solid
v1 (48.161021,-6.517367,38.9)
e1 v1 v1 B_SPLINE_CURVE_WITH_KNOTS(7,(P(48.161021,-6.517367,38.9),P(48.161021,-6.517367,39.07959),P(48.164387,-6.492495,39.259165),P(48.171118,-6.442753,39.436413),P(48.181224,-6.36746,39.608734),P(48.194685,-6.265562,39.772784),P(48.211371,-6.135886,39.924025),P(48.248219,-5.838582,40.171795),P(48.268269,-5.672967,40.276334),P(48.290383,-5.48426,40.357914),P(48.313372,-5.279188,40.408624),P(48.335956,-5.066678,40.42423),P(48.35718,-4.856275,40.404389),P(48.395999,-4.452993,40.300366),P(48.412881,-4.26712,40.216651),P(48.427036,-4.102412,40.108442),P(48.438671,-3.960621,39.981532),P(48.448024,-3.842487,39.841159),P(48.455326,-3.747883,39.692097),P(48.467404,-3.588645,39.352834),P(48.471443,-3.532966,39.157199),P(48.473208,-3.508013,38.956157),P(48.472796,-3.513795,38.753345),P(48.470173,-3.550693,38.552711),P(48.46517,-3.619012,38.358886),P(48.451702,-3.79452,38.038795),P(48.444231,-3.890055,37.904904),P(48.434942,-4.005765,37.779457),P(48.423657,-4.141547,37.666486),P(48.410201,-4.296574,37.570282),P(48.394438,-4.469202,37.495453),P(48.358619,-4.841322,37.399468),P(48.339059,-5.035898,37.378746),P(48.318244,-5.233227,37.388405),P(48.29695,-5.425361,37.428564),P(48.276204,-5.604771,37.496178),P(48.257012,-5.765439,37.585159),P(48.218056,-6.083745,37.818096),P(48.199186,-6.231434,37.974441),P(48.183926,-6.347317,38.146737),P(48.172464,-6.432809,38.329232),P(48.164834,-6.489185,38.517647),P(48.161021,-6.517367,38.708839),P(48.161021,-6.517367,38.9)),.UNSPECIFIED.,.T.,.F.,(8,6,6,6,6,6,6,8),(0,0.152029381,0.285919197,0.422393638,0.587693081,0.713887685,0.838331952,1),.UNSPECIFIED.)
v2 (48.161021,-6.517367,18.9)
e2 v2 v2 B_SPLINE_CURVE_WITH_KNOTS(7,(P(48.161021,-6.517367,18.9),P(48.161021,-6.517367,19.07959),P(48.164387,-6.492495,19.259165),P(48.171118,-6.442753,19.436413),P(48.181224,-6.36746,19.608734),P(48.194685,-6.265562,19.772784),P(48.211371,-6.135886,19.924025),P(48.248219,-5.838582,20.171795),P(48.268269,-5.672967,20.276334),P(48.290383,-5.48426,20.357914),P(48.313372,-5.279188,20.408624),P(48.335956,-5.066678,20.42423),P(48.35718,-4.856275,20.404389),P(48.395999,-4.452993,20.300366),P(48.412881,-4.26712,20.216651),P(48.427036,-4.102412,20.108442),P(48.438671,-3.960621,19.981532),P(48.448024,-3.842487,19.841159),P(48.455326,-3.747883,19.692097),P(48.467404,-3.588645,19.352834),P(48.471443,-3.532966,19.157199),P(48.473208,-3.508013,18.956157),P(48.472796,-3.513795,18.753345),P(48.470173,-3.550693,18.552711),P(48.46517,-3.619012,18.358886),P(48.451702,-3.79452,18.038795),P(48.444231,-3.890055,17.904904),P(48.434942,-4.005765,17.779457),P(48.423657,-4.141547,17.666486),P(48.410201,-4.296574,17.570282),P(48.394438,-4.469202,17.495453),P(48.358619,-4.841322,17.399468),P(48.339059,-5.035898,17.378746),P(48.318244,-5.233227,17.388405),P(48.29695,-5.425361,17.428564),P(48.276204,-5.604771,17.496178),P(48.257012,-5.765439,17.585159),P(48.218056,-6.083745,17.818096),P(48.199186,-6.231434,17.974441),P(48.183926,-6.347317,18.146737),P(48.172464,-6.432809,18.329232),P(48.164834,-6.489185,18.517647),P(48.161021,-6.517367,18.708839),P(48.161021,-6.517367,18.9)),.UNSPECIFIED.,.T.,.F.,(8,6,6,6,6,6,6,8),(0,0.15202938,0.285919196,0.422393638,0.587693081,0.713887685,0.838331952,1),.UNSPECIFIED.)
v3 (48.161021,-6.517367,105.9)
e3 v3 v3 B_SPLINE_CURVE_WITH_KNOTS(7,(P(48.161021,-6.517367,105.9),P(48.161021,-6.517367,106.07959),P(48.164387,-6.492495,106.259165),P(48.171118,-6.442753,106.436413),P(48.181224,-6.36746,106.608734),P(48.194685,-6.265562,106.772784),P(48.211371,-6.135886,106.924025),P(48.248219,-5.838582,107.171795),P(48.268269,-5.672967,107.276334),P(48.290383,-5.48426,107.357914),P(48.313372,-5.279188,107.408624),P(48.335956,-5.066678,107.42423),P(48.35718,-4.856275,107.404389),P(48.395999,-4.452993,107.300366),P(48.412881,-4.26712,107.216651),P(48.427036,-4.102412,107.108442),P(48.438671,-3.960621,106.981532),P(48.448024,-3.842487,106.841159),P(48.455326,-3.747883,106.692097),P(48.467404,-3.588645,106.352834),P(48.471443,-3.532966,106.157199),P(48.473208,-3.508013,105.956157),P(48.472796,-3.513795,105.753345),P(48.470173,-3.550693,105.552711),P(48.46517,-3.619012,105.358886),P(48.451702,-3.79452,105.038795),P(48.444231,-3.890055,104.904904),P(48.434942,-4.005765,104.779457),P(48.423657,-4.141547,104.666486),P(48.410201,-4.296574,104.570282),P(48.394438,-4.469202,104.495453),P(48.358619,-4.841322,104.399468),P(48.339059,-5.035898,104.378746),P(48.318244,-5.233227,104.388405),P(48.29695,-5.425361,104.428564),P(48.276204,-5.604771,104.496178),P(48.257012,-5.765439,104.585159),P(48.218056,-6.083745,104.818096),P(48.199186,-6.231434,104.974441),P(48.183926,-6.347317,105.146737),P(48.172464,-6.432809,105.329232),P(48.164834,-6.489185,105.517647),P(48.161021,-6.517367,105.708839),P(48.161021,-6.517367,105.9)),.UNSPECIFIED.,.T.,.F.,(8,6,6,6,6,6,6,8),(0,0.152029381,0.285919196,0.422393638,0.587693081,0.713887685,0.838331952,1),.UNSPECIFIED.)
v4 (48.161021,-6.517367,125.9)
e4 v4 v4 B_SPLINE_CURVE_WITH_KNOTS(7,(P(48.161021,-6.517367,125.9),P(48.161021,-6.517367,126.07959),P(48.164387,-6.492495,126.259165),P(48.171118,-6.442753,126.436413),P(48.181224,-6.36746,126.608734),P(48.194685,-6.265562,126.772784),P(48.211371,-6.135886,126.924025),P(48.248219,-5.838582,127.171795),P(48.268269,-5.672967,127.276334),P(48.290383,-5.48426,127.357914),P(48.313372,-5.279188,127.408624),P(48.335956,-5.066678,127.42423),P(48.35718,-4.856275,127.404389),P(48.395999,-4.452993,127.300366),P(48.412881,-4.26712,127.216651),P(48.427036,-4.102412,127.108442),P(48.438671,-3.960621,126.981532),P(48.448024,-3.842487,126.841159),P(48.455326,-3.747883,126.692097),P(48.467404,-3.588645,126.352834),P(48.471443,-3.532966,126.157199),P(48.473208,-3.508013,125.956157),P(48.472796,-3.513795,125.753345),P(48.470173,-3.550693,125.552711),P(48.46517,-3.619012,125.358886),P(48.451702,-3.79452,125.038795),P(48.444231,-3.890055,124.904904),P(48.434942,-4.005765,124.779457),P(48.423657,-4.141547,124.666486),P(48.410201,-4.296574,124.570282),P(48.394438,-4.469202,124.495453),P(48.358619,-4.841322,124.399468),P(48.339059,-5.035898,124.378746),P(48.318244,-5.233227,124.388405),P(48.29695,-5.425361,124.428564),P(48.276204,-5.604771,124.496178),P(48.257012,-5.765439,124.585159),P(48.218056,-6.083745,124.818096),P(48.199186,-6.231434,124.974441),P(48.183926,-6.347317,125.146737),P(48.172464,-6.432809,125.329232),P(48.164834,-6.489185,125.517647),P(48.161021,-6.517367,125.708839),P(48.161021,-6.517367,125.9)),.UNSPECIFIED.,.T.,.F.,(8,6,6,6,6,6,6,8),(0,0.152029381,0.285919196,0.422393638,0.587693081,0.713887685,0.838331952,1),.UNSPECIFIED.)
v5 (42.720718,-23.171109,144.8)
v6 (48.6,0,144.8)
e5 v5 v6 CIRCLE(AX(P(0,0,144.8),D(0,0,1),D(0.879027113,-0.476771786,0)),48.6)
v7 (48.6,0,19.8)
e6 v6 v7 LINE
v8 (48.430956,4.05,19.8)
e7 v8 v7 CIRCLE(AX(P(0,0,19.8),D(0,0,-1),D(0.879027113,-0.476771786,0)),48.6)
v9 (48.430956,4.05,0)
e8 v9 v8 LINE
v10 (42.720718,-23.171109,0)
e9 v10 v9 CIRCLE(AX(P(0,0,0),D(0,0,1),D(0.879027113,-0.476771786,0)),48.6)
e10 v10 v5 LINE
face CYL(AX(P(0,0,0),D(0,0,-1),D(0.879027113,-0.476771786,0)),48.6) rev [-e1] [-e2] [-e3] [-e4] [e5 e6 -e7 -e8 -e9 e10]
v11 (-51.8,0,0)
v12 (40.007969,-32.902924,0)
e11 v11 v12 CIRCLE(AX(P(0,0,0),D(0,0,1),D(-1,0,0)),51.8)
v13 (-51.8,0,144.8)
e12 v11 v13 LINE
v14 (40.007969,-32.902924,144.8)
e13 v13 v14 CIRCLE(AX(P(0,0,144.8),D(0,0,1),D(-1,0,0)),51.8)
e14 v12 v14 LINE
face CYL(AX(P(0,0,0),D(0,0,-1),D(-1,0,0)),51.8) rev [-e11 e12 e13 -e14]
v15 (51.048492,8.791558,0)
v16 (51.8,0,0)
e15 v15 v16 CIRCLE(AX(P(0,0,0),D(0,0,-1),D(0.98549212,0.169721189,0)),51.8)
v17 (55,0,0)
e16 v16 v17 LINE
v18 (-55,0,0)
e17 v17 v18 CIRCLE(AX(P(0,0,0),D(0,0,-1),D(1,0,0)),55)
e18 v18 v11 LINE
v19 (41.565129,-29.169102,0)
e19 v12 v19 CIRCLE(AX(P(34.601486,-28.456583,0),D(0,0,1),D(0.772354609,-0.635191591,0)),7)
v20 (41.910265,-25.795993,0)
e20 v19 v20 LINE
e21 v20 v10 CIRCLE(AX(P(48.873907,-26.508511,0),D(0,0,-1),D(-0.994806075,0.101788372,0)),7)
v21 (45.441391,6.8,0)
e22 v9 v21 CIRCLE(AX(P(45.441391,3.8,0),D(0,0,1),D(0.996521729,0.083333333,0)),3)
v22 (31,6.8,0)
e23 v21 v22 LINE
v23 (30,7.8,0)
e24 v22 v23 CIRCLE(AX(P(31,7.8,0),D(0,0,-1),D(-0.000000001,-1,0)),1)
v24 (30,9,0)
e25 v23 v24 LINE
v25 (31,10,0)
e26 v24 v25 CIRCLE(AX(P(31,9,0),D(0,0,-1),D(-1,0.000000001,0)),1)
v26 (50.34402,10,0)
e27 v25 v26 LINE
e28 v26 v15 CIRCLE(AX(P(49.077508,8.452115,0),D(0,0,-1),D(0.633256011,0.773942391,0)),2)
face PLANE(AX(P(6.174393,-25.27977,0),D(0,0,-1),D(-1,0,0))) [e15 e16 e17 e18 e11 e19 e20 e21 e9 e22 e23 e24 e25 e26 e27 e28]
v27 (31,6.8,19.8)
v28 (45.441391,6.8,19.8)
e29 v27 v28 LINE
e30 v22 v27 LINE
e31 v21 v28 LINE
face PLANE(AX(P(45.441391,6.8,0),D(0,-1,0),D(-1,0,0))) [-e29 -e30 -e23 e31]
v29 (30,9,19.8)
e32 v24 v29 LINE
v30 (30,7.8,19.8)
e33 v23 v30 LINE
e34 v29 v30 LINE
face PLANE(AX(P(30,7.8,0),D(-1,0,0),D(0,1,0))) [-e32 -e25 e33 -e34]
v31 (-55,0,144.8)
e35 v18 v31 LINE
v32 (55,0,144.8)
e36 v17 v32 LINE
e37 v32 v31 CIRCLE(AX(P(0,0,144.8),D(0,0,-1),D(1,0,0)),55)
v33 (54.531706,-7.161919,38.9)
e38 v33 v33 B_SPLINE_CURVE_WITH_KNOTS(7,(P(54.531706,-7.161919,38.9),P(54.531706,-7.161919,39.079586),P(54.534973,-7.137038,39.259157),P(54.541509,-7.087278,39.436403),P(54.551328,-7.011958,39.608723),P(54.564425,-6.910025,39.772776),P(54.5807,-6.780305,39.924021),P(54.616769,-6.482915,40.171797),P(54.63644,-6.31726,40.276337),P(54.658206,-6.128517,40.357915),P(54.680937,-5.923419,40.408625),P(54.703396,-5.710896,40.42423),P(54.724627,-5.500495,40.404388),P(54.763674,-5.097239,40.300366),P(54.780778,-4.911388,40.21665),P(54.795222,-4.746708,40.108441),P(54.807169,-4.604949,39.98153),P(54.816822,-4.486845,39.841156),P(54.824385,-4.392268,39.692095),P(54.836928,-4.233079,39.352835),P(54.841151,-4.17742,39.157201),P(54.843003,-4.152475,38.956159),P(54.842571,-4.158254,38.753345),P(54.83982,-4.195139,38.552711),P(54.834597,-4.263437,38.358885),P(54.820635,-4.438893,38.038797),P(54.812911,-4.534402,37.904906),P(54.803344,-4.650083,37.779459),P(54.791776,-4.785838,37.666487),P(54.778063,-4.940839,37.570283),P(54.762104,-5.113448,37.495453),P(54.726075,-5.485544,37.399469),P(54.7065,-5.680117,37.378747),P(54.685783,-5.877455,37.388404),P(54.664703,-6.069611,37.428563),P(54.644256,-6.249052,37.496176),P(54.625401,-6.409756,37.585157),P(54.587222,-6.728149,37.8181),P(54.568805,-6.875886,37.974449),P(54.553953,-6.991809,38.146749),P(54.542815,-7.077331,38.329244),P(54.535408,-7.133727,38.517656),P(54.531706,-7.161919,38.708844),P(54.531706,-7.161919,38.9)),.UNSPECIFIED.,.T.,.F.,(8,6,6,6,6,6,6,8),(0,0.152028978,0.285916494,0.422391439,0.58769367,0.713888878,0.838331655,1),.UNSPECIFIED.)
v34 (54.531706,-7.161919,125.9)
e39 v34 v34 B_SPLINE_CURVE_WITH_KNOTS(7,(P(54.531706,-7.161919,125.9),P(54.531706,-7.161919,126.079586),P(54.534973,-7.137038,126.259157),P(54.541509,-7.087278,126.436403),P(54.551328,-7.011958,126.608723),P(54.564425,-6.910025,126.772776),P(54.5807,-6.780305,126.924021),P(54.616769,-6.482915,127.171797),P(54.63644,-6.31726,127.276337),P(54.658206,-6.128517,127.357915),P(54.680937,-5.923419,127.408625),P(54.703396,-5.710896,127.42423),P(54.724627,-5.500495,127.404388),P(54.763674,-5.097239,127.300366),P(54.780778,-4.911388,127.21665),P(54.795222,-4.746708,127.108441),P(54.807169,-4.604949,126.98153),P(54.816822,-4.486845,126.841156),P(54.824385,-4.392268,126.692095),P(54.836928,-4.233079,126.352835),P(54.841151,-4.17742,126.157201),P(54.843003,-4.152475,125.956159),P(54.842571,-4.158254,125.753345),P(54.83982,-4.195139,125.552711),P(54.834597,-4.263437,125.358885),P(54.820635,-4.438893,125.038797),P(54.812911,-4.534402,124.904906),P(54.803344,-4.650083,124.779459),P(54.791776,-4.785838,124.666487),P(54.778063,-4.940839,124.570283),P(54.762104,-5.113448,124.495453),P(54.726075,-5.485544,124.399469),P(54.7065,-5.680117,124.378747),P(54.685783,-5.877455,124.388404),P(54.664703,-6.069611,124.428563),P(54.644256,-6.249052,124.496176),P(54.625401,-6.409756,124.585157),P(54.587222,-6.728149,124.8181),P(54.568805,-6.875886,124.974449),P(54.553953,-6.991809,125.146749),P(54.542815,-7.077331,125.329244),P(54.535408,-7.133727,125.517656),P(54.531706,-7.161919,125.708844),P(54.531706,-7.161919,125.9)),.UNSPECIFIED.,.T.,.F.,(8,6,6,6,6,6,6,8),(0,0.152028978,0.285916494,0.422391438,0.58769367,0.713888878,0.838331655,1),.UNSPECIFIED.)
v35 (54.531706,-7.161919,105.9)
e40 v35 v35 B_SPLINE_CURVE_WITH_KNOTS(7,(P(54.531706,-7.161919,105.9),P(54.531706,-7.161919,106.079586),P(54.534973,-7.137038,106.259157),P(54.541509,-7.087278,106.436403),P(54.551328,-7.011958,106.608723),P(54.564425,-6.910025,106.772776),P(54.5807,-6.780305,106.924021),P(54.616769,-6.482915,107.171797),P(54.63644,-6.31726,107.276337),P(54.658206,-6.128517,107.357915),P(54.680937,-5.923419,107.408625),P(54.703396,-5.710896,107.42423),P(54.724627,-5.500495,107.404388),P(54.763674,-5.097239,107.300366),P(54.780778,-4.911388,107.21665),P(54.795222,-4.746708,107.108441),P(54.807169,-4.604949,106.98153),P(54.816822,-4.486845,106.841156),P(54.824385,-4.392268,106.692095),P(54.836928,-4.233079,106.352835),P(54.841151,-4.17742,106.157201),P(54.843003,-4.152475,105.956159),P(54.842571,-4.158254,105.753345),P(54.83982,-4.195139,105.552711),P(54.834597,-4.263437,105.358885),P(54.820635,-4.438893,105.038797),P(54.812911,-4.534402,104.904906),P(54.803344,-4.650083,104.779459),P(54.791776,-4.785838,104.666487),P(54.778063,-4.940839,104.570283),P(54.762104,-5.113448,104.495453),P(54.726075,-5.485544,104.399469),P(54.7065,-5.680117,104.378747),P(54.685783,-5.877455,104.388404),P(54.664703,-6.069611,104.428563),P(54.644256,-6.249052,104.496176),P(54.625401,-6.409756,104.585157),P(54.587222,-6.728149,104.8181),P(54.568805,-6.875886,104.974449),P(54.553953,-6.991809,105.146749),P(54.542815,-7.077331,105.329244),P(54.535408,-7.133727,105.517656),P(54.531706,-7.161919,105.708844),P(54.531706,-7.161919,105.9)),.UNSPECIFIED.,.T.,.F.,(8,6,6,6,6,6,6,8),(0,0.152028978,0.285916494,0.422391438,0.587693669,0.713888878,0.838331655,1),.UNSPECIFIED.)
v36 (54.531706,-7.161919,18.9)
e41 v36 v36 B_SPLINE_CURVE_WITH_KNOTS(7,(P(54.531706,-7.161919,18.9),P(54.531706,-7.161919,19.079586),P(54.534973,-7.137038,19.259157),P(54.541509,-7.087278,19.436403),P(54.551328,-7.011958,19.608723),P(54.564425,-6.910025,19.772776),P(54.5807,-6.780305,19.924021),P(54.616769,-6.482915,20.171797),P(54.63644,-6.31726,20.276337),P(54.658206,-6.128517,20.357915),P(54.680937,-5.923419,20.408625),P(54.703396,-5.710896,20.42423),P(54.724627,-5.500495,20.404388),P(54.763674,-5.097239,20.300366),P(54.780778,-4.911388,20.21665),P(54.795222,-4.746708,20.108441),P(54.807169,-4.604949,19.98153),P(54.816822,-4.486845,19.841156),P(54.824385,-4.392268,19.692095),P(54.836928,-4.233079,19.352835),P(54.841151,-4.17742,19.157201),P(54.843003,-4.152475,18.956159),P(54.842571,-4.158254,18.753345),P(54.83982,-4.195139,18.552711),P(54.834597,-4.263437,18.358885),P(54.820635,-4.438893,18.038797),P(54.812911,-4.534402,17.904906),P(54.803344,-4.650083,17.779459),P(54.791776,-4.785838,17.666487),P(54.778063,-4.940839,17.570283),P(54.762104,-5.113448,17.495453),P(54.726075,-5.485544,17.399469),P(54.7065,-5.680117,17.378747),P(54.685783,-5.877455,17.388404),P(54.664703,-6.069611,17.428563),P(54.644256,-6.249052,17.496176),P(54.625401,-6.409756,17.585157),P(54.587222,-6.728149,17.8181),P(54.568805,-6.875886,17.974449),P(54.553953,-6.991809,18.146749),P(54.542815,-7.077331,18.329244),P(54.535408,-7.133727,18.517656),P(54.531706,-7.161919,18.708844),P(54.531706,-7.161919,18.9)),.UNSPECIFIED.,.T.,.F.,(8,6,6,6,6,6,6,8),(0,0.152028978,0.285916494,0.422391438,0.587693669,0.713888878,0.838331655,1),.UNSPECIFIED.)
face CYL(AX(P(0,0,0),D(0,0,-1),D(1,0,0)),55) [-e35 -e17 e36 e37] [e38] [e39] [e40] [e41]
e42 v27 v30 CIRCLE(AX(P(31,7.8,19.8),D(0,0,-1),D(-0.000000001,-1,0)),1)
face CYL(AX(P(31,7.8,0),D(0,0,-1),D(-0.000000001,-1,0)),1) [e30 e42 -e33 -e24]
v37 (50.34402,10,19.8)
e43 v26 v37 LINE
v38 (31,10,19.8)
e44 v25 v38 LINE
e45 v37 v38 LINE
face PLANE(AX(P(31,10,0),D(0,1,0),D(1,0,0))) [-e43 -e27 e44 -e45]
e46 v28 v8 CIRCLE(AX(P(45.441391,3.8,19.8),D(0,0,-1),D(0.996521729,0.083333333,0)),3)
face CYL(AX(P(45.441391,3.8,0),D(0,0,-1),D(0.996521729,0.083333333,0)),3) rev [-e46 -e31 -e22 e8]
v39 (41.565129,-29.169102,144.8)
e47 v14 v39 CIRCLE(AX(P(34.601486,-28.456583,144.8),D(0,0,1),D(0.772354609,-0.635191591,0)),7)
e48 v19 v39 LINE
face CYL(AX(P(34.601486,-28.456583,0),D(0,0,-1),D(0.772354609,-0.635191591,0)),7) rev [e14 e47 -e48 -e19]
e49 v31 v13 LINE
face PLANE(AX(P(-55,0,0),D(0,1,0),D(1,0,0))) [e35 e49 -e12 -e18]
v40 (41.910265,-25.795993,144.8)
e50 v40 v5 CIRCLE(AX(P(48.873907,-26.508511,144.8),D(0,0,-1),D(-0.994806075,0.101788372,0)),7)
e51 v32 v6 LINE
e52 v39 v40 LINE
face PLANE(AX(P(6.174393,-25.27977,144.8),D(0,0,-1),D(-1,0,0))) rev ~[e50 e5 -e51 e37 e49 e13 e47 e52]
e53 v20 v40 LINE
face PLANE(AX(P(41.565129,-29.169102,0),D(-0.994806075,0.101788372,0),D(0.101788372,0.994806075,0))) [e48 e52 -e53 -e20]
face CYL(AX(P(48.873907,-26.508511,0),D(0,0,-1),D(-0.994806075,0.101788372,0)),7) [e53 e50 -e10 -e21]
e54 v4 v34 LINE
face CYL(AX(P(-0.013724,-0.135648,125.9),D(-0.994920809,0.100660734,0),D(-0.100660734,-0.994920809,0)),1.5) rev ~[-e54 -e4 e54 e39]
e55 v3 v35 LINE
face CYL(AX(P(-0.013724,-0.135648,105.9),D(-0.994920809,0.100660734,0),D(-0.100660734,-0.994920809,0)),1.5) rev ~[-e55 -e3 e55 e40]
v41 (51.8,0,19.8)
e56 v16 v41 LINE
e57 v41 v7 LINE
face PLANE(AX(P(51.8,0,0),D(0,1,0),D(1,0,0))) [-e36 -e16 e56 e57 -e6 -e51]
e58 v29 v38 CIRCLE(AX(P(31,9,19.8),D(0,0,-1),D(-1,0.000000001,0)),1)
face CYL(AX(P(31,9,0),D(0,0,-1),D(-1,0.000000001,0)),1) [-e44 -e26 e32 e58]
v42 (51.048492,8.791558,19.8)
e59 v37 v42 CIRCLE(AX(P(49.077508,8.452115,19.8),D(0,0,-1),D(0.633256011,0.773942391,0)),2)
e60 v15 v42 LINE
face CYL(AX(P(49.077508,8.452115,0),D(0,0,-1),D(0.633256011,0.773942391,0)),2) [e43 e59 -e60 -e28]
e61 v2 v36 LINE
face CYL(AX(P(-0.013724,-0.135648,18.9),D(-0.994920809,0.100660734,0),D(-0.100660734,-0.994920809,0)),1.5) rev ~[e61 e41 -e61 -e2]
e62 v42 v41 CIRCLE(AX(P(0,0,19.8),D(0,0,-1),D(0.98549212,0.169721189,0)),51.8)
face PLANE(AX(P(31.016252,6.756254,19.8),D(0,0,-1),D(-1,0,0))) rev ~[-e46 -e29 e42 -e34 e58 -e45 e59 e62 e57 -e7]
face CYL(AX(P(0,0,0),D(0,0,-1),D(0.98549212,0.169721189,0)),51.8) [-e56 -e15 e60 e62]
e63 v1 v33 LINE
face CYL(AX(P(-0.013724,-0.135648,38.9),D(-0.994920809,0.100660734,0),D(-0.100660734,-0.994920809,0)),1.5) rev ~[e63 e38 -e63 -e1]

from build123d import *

# Parameters (mm, degrees)
EXTRUDE_1_DEPTH     = 144.8
SKETCH_7_R          = 1.5
CUT_EXTRUDE_6_DEPTH = 80
CUT_EXTRUDE_START   = -125
CUT_EXTRUDE_8_DEPTH = 125


with BuildPart() as part:
    # 草图1 → 凸台-拉伸1 (new body)
    with BuildSketch(Plane.XY):
        with BuildLine():
            Line((-55, 0), (-51.8, 0))
            ThreePointArc((-51.8, 0), (-17.476086779, -48.76296126), (40.00796876, -32.902924425))
            ThreePointArc((40.00796876, -32.902924425), (41.062164054, -31.150956215), (41.565129022, -29.16910189))
            Line((41.565129022, -29.16910189), (41.910264928, -25.795992674))
            ThreePointArc((41.910264928, -25.795992674), (42.185460224, -24.44340265), (42.720717667, -23.171108779))
            ThreePointArc((42.720717667, -23.171108779), (47.564735827, -9.977770578), (48.43095601, 4.05))
            ThreePointArc((48.43095601, 4.05), (47.472400425, 6.007940217), (45.441390824, 6.8))
            Line((45.441390824, 6.8), (31, 6.8))
            ThreePointArc((31, 6.8), (30.292893219, 7.092893219), (30, 7.8))
            Line((30, 7.8), (30, 9))
            ThreePointArc((30, 9), (30.292893219, 9.707106781), (31, 10))
            Line((31, 10), (50.344019583, 10))
            ThreePointArc((50.344019583, 10), (50.805346897, 9.459374484), (51.0484918, 8.791557597))
            ThreePointArc((51.0484918, 8.791557597), (51.611780996, 4.411809423), (51.8, 0))
            Line((51.8, 0), (55, 0))
            ThreePointArc((55, 0), (0, -55), (-55, 0))
        make_face()
    extrude(amount=EXTRUDE_1_DEPTH)

    # 草图7 → 切除-拉伸6 (cut)
    with BuildSketch(Plane(origin=(0, 0, 0), x_dir=(0.10066073352284005, 0.994920809274107, 0), z_dir=(-0.9949208092741069, 0.10066073352284004, 0))):
        with Locations(Location((-0.136340344, -18.9, 0), (0, 0, 180))):
            Circle(SKETCH_7_R)
        with Locations(Location((-0.136340344, -38.9, 0), (0, 0, 180))):
            Circle(SKETCH_7_R)
        with Locations(Location((-0.136340344, -105.9, 0), (0, 0, 180))):
            Circle(SKETCH_7_R)
        with Locations(Location((-0.136340344, -125.9, 0), (0, 0, 180))):
            Circle(SKETCH_7_R)
    extrude(amount=-CUT_EXTRUDE_6_DEPTH, mode=Mode.SUBTRACT)

    # 草图4 → 切除-拉伸8 (cut)
    with BuildSketch(Plane.XY.offset(144.8).offset(CUT_EXTRUDE_START)):
        with BuildLine():
            Line((55, 0), (0, 0))
            Line((0, 0), (50.016978469, 22.875792113))
            ThreePointArc((50.016978469, 22.875792113), (53.739807479, 11.70611345), (55, 0))
        make_face()
    extrude(amount=CUT_EXTRUDE_8_DEPTH, mode=Mode.SUBTRACT)


solid = part.part
